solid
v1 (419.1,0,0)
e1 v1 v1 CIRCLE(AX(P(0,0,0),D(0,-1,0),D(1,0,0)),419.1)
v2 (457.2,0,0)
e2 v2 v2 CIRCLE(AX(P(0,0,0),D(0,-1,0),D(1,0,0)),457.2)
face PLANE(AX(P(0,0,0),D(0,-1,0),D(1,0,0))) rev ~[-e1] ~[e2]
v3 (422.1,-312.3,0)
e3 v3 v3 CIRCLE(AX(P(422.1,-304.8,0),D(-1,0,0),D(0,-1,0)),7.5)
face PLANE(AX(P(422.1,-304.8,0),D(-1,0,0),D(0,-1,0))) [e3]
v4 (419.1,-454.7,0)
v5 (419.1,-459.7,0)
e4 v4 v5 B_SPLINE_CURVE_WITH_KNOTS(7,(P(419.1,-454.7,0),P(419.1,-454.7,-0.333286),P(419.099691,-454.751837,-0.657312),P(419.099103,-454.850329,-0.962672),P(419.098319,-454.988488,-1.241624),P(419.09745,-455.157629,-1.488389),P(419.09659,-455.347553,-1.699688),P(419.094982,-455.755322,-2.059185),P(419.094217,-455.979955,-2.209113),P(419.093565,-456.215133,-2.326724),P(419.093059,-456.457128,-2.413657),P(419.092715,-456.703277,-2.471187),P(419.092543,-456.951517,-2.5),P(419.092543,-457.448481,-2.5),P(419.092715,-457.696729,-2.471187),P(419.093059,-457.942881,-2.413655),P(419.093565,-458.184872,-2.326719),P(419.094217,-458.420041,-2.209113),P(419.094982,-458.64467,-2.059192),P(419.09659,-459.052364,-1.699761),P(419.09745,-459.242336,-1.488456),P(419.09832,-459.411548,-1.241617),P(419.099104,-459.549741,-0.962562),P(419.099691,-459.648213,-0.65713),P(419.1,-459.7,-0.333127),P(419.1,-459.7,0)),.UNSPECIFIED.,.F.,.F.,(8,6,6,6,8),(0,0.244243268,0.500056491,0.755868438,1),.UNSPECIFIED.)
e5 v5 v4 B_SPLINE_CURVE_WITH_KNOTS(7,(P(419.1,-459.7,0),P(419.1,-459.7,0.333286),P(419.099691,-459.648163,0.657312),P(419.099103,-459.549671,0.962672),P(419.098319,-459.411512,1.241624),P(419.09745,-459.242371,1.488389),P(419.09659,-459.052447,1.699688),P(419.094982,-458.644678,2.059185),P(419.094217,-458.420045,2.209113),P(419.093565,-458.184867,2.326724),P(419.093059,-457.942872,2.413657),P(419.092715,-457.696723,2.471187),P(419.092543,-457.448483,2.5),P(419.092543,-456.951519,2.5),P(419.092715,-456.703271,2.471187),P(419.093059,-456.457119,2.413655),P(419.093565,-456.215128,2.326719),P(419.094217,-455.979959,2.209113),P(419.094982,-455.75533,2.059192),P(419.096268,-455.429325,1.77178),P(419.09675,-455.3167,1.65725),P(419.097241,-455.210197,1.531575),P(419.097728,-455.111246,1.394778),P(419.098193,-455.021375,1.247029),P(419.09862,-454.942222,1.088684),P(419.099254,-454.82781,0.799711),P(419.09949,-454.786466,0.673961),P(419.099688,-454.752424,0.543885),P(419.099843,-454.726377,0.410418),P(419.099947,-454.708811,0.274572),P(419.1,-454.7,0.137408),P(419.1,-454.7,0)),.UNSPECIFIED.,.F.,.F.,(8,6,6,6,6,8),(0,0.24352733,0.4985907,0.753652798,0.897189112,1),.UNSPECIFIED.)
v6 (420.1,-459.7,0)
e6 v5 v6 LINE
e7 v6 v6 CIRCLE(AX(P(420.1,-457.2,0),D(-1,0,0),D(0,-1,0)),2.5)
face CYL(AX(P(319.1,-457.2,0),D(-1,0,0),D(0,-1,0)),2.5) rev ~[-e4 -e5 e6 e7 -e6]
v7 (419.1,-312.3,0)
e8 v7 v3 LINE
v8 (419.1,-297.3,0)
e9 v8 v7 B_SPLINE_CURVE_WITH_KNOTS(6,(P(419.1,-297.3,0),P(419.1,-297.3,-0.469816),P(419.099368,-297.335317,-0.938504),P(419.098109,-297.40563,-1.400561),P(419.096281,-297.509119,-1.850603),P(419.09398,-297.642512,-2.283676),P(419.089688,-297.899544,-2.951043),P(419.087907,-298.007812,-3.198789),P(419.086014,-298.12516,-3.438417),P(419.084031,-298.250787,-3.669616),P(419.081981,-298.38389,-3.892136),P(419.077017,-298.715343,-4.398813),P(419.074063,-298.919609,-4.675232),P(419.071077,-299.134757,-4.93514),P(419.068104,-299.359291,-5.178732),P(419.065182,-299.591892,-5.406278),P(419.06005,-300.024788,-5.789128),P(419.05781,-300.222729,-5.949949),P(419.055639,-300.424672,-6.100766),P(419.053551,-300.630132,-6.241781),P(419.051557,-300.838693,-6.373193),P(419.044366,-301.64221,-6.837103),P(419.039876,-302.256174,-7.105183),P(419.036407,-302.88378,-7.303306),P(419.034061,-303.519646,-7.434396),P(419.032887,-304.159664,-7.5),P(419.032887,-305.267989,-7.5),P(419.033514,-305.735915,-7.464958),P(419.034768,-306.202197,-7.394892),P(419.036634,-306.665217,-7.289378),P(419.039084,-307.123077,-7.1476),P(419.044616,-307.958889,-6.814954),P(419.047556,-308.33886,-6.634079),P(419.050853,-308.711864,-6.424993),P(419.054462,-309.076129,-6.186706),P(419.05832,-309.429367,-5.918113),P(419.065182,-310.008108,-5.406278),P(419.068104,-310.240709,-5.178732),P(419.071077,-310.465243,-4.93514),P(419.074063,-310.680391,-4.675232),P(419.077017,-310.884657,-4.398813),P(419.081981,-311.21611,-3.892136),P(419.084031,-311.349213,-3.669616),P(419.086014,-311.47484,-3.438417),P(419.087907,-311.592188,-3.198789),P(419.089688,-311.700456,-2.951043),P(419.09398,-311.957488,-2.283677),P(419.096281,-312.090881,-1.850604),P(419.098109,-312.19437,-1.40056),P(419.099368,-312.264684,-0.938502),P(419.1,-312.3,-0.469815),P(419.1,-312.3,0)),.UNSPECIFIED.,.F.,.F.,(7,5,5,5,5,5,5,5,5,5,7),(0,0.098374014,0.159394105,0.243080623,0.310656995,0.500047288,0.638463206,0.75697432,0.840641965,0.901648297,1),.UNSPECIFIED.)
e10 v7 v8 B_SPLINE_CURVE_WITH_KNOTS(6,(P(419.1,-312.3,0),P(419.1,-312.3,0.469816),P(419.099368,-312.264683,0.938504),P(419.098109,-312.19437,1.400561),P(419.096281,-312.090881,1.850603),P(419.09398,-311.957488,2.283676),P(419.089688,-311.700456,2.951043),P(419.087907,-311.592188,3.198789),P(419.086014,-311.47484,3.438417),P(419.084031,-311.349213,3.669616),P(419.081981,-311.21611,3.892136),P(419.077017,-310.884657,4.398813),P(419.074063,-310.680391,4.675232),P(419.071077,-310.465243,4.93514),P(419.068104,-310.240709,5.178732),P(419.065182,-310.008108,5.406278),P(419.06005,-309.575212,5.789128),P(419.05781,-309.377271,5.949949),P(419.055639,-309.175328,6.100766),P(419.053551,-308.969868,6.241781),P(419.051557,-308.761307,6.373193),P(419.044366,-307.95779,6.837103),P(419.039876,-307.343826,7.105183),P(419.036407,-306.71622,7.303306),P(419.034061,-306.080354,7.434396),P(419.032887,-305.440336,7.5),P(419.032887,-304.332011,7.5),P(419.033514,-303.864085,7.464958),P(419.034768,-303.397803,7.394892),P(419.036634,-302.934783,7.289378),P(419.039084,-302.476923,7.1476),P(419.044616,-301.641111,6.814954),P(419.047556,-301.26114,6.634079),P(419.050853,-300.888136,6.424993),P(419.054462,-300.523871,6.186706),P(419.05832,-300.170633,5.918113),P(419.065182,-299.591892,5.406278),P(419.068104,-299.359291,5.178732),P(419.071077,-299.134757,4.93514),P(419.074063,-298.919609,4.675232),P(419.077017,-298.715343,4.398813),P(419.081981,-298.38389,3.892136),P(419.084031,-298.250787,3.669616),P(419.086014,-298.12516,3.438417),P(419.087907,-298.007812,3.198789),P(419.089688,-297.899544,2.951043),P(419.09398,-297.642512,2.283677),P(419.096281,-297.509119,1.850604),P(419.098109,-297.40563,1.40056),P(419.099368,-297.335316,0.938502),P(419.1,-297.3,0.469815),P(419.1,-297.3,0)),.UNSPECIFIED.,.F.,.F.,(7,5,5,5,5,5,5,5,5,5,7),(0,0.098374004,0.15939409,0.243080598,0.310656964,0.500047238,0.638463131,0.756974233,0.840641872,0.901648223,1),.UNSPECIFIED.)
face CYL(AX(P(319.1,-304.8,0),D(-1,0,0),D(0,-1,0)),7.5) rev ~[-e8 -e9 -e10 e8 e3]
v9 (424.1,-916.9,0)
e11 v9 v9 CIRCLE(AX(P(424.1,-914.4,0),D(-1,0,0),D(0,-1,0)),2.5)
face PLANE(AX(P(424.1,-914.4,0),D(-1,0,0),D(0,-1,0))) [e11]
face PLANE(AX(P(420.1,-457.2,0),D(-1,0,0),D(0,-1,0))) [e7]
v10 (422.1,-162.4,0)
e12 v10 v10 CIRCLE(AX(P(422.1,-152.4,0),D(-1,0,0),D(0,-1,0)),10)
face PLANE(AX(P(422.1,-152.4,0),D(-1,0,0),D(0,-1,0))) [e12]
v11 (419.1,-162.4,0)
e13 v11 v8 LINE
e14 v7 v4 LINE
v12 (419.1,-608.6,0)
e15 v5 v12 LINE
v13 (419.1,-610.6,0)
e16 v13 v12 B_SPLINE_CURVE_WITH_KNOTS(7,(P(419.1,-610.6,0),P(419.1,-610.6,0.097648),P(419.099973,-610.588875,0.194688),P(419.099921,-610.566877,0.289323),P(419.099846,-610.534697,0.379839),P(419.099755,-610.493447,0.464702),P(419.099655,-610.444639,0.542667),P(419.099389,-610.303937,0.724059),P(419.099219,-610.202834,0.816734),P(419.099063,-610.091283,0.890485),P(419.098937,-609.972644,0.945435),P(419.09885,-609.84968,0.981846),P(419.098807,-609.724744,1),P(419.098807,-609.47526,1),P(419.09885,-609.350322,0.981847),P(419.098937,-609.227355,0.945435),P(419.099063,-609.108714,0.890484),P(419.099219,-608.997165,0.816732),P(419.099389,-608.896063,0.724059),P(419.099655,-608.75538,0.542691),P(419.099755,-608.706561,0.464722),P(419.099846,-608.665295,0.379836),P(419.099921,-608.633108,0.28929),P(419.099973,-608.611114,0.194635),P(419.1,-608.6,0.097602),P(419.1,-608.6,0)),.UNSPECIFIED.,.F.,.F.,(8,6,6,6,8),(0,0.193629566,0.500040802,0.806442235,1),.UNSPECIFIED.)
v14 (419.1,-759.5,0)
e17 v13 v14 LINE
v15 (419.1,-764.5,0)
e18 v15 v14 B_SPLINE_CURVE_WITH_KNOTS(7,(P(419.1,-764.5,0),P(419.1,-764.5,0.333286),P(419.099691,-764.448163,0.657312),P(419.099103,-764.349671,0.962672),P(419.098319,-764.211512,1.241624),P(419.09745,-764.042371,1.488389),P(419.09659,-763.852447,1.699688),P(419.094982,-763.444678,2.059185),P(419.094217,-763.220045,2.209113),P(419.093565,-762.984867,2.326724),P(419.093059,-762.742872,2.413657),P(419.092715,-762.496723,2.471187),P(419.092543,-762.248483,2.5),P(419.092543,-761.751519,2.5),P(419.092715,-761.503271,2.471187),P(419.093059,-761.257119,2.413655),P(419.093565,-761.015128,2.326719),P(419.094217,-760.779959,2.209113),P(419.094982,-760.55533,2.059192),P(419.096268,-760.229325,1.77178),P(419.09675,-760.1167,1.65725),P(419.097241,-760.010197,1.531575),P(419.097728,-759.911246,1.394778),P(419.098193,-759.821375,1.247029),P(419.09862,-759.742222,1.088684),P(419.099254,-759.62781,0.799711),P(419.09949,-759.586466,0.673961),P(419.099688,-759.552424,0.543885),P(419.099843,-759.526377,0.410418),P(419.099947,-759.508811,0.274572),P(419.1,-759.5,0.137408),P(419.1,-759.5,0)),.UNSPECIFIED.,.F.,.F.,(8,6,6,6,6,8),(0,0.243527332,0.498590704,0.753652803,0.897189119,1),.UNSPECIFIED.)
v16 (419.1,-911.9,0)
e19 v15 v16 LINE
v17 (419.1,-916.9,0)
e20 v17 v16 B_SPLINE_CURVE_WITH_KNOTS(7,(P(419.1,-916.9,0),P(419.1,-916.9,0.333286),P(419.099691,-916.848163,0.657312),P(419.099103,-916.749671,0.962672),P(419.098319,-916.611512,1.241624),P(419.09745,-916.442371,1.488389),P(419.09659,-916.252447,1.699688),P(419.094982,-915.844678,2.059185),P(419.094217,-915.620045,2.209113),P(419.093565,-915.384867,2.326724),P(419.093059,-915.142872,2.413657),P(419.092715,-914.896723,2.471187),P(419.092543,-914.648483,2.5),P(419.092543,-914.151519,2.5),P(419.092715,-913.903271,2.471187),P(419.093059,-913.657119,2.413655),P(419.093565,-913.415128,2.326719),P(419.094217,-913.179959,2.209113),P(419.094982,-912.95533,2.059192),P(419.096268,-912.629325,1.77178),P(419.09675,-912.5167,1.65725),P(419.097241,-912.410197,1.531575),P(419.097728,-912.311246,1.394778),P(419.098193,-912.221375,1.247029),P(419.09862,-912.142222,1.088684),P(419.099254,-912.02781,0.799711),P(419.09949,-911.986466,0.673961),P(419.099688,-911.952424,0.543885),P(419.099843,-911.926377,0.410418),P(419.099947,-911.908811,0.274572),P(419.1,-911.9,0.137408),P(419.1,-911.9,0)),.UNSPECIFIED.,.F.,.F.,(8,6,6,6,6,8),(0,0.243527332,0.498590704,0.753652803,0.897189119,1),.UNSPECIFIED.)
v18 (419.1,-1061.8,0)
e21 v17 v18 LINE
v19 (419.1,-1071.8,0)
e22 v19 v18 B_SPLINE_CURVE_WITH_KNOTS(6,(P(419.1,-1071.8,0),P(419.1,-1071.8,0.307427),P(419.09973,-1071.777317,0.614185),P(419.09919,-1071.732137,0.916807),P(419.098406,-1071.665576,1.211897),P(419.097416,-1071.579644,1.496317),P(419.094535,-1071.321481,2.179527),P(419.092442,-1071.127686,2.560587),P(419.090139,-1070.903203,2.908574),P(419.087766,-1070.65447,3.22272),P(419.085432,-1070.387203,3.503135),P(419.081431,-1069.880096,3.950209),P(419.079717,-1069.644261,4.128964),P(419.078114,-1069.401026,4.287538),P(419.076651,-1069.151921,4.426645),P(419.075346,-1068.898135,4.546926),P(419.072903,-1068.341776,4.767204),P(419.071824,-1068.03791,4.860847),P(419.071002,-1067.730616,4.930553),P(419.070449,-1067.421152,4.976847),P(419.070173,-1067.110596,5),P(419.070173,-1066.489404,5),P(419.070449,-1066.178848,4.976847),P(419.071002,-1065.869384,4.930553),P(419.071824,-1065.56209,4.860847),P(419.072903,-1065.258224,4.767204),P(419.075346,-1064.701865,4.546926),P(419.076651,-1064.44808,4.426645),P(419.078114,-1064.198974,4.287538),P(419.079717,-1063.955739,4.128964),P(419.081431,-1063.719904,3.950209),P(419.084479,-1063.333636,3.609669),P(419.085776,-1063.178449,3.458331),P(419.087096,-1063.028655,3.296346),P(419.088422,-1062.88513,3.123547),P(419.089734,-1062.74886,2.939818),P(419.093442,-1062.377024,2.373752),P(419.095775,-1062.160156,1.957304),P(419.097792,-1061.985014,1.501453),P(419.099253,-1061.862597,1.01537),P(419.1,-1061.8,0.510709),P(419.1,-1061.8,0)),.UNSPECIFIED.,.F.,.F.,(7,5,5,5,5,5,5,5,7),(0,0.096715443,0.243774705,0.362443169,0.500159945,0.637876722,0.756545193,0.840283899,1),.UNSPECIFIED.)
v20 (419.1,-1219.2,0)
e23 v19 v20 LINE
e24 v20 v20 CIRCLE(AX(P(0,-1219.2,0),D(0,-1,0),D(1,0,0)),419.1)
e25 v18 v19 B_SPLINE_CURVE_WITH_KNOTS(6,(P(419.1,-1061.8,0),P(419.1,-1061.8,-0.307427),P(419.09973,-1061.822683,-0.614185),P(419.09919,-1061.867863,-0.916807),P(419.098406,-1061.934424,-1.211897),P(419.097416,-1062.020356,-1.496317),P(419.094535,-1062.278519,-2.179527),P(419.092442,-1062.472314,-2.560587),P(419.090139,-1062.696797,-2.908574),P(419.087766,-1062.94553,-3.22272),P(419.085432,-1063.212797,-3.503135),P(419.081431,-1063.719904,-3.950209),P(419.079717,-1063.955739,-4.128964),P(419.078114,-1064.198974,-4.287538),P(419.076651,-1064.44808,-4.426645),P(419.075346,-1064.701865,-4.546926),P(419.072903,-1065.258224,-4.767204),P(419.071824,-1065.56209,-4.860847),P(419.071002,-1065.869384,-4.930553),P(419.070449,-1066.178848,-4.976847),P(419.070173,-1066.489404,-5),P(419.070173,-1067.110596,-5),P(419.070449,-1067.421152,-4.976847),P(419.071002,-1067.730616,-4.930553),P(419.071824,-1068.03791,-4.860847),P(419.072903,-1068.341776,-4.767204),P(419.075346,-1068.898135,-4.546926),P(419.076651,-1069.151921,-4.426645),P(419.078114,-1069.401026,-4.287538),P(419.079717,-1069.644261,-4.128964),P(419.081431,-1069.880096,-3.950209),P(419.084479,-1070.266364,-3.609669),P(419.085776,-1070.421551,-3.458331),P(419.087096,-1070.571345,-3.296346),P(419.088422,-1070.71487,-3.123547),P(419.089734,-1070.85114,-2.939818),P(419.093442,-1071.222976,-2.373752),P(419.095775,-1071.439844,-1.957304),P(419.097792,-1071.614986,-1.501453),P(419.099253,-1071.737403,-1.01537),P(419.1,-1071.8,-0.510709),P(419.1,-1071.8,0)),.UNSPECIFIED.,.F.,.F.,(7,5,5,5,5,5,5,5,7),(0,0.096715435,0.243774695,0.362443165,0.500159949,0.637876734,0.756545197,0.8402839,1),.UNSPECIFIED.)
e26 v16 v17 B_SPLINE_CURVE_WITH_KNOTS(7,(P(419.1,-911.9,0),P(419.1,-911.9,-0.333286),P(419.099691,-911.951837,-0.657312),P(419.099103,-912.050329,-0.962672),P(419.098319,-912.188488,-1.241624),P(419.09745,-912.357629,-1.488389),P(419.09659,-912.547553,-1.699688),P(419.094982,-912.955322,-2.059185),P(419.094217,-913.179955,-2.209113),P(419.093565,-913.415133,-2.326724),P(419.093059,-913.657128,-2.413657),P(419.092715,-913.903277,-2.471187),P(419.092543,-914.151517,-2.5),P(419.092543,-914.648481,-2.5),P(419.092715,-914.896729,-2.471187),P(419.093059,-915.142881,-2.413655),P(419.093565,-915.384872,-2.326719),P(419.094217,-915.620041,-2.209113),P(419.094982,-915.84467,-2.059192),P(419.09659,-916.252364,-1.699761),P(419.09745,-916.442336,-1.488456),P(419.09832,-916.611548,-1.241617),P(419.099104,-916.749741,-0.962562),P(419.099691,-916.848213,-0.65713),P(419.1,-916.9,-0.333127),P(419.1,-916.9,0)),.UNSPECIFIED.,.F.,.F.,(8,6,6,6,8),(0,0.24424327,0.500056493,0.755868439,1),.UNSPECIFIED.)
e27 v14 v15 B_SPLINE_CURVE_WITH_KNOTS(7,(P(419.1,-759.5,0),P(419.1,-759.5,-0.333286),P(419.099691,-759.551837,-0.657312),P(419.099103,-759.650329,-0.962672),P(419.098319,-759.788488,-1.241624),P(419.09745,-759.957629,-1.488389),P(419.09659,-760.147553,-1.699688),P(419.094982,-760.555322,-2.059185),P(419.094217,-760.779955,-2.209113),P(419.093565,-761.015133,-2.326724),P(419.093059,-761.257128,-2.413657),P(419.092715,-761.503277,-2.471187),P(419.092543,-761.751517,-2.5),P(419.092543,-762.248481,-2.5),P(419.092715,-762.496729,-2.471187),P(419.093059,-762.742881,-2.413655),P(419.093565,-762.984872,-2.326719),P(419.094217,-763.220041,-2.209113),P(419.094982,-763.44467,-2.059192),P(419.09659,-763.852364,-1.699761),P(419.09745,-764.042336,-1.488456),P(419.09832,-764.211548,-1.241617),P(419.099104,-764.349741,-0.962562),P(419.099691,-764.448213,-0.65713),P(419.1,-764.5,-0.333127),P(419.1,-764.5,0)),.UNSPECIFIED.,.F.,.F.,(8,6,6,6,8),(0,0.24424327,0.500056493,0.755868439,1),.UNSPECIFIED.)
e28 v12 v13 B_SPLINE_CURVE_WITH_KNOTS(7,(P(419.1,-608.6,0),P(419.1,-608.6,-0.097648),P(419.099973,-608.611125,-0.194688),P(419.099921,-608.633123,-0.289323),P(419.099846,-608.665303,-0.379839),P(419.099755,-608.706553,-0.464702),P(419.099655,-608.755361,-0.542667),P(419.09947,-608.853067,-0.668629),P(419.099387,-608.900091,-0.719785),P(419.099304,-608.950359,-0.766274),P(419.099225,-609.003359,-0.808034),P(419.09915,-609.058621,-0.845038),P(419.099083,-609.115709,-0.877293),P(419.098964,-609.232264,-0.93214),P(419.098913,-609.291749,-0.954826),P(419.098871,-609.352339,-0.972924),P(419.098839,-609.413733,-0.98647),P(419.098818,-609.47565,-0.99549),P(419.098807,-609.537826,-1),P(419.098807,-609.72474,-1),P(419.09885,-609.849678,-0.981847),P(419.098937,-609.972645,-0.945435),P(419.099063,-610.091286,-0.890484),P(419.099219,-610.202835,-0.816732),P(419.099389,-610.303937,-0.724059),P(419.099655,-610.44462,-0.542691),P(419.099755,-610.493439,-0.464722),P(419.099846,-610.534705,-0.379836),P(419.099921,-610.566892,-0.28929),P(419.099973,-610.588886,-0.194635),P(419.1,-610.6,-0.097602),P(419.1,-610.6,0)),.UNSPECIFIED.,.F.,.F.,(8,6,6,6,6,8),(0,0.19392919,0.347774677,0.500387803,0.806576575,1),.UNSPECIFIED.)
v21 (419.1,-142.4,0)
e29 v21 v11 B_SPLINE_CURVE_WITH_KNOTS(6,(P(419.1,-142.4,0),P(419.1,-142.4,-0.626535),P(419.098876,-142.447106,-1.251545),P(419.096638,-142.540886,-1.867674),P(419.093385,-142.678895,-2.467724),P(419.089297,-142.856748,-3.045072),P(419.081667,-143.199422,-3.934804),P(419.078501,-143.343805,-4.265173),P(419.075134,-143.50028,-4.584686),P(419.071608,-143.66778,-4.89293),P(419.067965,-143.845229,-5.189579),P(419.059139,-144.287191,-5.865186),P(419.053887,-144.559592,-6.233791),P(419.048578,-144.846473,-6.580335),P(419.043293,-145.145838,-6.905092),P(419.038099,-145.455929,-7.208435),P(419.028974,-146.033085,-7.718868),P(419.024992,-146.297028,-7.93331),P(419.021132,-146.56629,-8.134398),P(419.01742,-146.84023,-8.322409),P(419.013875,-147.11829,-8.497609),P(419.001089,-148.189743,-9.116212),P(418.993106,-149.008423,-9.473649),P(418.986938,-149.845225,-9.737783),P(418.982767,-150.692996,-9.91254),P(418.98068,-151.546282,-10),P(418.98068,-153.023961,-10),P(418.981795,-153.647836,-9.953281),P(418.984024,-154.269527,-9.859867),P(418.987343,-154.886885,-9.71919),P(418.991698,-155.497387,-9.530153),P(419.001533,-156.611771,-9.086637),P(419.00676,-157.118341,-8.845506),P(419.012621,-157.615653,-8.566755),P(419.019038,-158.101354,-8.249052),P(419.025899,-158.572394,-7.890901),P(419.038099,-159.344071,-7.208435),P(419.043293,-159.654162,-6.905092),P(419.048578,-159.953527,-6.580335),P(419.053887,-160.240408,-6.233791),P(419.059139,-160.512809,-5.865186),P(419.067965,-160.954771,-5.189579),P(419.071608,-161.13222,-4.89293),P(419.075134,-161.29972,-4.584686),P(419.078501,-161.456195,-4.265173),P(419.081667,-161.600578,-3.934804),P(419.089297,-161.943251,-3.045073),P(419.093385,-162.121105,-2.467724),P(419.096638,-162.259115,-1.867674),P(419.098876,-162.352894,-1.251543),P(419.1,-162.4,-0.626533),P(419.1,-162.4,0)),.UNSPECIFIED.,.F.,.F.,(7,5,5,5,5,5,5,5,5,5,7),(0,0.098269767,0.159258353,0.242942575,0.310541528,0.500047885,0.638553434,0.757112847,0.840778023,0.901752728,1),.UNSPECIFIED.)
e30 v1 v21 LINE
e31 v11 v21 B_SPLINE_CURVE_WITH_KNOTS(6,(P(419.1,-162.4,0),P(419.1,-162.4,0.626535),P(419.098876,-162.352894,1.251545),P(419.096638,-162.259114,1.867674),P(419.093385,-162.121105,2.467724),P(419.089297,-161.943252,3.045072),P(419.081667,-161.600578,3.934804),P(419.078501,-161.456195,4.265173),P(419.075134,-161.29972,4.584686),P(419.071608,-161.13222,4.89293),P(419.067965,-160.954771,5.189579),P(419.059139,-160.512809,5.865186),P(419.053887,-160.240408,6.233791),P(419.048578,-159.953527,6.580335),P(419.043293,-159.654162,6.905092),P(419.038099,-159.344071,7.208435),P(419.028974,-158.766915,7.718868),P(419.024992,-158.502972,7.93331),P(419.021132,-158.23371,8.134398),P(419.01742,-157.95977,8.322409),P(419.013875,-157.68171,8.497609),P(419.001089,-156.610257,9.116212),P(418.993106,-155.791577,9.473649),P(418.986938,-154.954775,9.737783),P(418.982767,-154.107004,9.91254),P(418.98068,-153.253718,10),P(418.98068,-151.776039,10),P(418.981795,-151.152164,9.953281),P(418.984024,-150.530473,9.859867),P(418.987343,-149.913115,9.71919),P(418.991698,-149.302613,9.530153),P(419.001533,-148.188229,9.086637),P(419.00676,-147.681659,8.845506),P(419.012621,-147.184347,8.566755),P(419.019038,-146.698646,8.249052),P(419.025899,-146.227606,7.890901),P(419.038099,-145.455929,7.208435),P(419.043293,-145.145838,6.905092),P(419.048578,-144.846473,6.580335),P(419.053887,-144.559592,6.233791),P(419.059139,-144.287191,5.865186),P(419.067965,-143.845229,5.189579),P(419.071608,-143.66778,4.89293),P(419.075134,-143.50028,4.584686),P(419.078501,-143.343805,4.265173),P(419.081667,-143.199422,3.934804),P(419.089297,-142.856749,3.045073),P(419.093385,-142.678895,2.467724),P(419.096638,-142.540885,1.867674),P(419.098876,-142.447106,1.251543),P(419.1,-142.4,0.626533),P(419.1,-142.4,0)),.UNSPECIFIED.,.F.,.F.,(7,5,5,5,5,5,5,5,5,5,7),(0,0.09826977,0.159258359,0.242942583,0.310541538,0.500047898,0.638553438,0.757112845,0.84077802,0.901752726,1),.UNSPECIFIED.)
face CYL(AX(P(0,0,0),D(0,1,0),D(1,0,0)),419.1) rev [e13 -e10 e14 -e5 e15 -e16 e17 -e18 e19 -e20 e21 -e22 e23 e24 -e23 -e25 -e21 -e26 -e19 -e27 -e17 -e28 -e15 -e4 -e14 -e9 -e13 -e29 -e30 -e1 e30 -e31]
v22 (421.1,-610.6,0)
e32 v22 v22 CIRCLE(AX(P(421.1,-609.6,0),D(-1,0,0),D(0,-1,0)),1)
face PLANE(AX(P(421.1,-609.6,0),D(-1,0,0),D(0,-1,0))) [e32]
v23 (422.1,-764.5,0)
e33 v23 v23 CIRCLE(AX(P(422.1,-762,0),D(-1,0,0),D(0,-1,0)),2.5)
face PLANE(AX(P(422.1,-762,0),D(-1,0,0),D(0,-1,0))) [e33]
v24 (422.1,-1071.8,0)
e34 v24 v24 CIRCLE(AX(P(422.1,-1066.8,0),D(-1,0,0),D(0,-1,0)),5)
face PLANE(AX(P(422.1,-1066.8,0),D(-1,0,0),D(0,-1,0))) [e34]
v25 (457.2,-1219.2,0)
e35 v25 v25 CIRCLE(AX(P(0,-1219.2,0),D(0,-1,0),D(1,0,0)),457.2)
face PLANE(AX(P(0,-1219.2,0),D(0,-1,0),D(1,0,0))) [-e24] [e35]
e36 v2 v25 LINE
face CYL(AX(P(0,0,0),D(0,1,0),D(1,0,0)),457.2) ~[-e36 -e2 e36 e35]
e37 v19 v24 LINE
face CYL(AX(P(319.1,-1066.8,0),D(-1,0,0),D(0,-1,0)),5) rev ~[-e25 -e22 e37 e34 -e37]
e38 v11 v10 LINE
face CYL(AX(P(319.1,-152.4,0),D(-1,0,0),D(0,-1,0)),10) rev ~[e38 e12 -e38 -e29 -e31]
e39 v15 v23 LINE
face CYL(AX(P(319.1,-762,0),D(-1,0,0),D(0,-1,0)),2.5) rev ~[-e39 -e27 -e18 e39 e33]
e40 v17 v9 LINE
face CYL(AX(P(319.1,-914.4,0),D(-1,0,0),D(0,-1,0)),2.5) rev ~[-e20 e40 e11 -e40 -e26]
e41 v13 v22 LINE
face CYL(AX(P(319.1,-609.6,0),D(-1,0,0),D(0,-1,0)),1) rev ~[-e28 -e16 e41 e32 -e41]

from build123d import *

# Parameters (mm, degrees)
F0_R      = 457.2
F0_R_2    = 419.1
F1_DEPTH  = 1219.2
F5_R      = 10
F6_DEPTH  = 103
F7_R      = 7.5
F8_DEPTH  = 103
F9_R      = 2.5
F10_DEPTH = 101
F11_R     = 1
F12_DEPTH = 102
F13_R     = 2.5
F14_DEPTH = 103
F15_R     = 2.5
F16_DEPTH = 105
F17_R     = 5
F18_DEPTH = 103


with BuildPart() as f1:
    # F0 (on Front) → F1 (new body)
    with BuildSketch(Plane.XZ):
        Circle(F0_R)
        Circle(F0_R_2, mode=Mode.SUBTRACT)
    extrude(amount=F1_DEPTH)

    # F5 (on offset) → F6 (cut)
    with BuildSketch(Plane(origin=(319.1, 0, 0), x_dir=(0, -1, 0), z_dir=(-1, 0, 0))):
        with Locations((152.4, 0)):
            Circle(F5_R)
    extrude(amount=-F6_DEPTH, mode=Mode.SUBTRACT)

    # F7 (on offset) → F8 (cut)
    with BuildSketch(Plane(origin=(319.1, 0, 0), x_dir=(0, -1, 0), z_dir=(-1, 0, 0))):
        with Locations((304.8, 0)):
            Circle(F7_R)
    extrude(amount=-F8_DEPTH, mode=Mode.SUBTRACT)

    # F9 (on offset) → F10 (cut)
    with BuildSketch(Plane(origin=(319.1, 0, 0), x_dir=(0, -1, 0), z_dir=(-1, 0, 0))):
        with Locations((457.2, 0)):
            Circle(F9_R)
    extrude(amount=-F10_DEPTH, mode=Mode.SUBTRACT)

    # F11 (on offset) → F12 (cut)
    with BuildSketch(Plane(origin=(319.1, 0, 0), x_dir=(0, -1, 0), z_dir=(-1, 0, 0))):
        with Locations((609.6, 0)):
            Circle(F11_R)
    extrude(amount=-F12_DEPTH, mode=Mode.SUBTRACT)

    # F13 (on offset) → F14 (cut)
    with BuildSketch(Plane(origin=(319.1, 0, 0), x_dir=(0, -1, 0), z_dir=(-1, 0, 0))):
        with Locations((762, 0)):
            Circle(F13_R)
    extrude(amount=-F14_DEPTH, mode=Mode.SUBTRACT)

    # F15 (on offset) → F16 (cut)
    with BuildSketch(Plane(origin=(319.1, 0, 0), x_dir=(0, -1, 0), z_dir=(-1, 0, 0))):
        with Locations((914.4, 0)):
            Circle(F15_R)
    extrude(amount=-F16_DEPTH, mode=Mode.SUBTRACT)

    # F17 (on offset) → F18 (cut)
    with BuildSketch(Plane(origin=(319.1, 0, 0), x_dir=(0, -1, 0), z_dir=(-1, 0, 0))):
        with Locations((1066.8, 0)):
            Circle(F17_R)
    extrude(amount=-F18_DEPTH, mode=Mode.SUBTRACT)


solid = f1.part
